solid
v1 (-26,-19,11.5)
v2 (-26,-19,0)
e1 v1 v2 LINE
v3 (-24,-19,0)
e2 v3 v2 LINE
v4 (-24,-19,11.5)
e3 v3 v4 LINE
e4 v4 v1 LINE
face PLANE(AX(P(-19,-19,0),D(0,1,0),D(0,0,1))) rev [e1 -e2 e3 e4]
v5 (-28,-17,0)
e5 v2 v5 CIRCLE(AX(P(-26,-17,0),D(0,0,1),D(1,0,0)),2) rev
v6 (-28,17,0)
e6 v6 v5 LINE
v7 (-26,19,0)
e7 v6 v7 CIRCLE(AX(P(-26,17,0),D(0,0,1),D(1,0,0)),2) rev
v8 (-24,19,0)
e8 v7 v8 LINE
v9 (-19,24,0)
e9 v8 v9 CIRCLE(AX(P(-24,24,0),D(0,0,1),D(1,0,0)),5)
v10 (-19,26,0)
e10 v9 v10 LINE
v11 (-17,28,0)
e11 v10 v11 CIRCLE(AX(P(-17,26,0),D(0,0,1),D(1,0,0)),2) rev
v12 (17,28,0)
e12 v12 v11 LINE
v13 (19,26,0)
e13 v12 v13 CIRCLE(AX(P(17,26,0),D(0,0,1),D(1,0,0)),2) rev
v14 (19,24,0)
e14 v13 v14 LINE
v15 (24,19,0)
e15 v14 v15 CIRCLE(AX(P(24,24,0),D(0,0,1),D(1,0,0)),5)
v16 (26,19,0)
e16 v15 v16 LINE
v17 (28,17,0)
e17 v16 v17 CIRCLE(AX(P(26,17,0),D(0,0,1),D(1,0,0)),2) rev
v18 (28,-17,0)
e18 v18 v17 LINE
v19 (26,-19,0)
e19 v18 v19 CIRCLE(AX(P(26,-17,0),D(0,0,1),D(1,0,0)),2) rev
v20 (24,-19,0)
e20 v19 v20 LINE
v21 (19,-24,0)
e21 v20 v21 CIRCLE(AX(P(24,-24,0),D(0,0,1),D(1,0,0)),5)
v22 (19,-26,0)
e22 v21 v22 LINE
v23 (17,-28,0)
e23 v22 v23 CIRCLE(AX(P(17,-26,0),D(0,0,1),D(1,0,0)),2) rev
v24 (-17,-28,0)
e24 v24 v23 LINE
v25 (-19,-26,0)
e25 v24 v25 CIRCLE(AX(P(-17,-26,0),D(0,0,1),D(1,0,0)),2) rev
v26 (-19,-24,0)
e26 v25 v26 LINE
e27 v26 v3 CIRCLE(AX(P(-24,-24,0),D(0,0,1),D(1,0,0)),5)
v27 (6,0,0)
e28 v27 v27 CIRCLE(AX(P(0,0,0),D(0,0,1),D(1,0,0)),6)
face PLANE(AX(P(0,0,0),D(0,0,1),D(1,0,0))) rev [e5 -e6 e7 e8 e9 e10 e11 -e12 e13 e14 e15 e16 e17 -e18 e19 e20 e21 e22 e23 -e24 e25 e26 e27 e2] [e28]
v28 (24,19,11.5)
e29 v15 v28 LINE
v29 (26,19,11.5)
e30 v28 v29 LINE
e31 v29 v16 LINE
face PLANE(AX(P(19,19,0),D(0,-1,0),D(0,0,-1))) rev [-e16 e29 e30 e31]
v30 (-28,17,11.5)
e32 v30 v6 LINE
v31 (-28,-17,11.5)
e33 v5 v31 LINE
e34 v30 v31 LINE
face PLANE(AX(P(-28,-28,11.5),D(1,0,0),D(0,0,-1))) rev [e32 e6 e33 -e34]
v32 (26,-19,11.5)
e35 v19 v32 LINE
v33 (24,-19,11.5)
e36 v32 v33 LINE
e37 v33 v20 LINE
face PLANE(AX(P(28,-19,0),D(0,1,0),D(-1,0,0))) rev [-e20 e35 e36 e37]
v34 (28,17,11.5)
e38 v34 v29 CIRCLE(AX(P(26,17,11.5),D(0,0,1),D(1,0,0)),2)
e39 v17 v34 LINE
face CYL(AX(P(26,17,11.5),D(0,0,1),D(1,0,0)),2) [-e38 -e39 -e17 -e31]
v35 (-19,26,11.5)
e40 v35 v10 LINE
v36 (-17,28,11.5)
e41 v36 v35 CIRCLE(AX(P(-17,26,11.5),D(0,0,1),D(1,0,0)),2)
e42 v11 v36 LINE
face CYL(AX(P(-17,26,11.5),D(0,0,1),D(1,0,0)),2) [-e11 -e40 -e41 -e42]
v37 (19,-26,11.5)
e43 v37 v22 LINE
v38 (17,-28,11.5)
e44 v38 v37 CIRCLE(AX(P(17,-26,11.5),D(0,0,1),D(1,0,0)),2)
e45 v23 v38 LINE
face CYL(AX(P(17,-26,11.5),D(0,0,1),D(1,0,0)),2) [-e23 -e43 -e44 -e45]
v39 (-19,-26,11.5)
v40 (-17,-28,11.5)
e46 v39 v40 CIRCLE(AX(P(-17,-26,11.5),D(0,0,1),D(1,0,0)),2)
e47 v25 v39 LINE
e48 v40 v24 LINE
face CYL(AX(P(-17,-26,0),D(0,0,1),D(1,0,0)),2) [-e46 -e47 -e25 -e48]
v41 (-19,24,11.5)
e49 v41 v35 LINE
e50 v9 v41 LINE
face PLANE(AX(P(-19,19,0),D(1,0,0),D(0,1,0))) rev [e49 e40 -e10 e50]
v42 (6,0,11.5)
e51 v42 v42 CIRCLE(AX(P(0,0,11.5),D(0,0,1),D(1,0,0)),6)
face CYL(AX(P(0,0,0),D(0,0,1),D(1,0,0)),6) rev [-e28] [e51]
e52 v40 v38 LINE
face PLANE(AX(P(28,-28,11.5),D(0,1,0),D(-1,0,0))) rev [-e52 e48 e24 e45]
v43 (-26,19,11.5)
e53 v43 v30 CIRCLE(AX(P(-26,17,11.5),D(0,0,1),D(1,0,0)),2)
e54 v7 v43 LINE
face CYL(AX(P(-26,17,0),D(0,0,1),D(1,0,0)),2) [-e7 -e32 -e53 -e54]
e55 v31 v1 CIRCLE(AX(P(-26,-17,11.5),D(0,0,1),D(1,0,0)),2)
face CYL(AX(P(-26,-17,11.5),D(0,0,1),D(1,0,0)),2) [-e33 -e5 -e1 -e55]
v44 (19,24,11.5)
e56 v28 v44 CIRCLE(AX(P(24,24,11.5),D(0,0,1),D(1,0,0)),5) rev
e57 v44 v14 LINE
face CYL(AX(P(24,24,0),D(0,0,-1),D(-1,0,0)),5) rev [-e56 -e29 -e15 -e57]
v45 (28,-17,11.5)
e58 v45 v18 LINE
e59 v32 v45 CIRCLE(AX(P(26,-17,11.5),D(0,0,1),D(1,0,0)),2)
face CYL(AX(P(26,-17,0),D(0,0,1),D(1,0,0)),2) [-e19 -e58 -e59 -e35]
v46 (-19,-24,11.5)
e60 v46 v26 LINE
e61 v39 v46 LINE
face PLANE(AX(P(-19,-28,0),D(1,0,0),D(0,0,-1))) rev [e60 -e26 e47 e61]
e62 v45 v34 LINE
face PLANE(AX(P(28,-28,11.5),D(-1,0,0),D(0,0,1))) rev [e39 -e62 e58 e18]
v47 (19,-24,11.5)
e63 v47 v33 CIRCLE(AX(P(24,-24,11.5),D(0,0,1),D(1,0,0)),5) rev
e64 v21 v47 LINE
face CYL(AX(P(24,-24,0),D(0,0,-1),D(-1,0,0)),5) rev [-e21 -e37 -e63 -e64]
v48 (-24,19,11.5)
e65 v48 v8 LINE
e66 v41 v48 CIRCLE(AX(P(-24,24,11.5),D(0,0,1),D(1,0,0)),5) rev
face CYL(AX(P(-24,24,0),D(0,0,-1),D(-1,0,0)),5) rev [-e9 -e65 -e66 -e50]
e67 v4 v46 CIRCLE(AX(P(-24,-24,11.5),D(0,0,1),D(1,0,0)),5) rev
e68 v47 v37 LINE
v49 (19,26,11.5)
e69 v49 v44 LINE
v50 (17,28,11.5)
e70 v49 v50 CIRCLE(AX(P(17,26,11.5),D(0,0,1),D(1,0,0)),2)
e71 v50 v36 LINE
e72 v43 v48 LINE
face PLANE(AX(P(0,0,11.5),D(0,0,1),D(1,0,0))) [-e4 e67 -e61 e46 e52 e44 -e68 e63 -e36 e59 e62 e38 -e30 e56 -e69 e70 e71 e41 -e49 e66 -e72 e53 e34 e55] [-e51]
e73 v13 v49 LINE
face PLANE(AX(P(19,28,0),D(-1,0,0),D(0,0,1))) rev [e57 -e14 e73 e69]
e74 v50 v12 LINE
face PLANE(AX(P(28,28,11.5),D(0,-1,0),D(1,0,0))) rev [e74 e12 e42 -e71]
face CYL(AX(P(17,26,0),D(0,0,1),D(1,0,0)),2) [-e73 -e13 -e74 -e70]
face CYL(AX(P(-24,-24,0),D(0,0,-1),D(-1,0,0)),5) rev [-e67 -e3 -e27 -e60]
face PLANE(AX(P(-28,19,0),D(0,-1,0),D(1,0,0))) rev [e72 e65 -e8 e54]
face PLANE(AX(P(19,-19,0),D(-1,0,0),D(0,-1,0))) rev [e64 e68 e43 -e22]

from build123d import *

# Parameters (mm, degrees)
SKETCH1_W           = 56
SKETCH1_H           = 56
BOSS_EXTRUDE1_DEPTH = 11.5
SKETCH2_W           = 9
SKETCH2_H           = 9
CUT_EXTRUDE1_DEPTH  = 11.5
CIRPATTERN1_COUNT   = 4
FILLET1_R           = 5
FILLET2_R           = 2
SKETCH3_R           = 6
CUT_EXTRUDE2_DEPTH  = 11.5


with BuildPart() as part:
    # Sketch1 → Boss-Extrude1 (new body)
    with BuildSketch(Plane.XY):
        Rectangle(SKETCH1_W, SKETCH1_H)
    extrude(amount=BOSS_EXTRUDE1_DEPTH)

    # Sketch2 → Cut-Extrude1 (cut)
    with BuildSketch(Plane.XY.offset(11.5)):
        with Locations((23.5, 23.5)):
            Rectangle(SKETCH2_W, SKETCH2_H)
    cut_extrude1 = extrude(amount=-CUT_EXTRUDE1_DEPTH, mode=Mode.SUBTRACT)

    # CirPattern1: Cut-Extrude1 ×4 about axis
    cirpattern1_axis = Axis((0, 0, -0.575), (0, 0, 1))
    for i in range(1, CIRPATTERN1_COUNT):
        add(cut_extrude1.rotate(cirpattern1_axis, i * 360 / CIRPATTERN1_COUNT), mode=Mode.SUBTRACT)

    # Fillet1
    fillet1_edges = [part.edges().sort_by_distance(p)[0] for p in [
        (-19, 19, 5.75),
        (-19, -19, 5.75),
        (19, -19, 5.75),
        (19, 19, 5.75),
    ]]
    fillet(fillet1_edges, radius=FILLET1_R)

    # Fillet2
    fillet2_edges = [part.edges().sort_by_distance(p)[0] for p in [
        (-28, 19, 5.75),
        (-19, 28, 5.75),
        (-19, -28, 5.75),
        (-28, -19, 5.75),
        (19, -28, 5.75),
        (28, -19, 5.75),
        (28, 19, 5.75),
        (19, 28, 5.75),
    ]]
    fillet(fillet2_edges, radius=FILLET2_R)

    # Sketch3 → Cut-Extrude2 (cut)
    with BuildSketch(Plane.XY.offset(11.5)):
        Circle(SKETCH3_R)
    extrude(amount=-CUT_EXTRUDE2_DEPTH, mode=Mode.SUBTRACT)


solid = part.part
